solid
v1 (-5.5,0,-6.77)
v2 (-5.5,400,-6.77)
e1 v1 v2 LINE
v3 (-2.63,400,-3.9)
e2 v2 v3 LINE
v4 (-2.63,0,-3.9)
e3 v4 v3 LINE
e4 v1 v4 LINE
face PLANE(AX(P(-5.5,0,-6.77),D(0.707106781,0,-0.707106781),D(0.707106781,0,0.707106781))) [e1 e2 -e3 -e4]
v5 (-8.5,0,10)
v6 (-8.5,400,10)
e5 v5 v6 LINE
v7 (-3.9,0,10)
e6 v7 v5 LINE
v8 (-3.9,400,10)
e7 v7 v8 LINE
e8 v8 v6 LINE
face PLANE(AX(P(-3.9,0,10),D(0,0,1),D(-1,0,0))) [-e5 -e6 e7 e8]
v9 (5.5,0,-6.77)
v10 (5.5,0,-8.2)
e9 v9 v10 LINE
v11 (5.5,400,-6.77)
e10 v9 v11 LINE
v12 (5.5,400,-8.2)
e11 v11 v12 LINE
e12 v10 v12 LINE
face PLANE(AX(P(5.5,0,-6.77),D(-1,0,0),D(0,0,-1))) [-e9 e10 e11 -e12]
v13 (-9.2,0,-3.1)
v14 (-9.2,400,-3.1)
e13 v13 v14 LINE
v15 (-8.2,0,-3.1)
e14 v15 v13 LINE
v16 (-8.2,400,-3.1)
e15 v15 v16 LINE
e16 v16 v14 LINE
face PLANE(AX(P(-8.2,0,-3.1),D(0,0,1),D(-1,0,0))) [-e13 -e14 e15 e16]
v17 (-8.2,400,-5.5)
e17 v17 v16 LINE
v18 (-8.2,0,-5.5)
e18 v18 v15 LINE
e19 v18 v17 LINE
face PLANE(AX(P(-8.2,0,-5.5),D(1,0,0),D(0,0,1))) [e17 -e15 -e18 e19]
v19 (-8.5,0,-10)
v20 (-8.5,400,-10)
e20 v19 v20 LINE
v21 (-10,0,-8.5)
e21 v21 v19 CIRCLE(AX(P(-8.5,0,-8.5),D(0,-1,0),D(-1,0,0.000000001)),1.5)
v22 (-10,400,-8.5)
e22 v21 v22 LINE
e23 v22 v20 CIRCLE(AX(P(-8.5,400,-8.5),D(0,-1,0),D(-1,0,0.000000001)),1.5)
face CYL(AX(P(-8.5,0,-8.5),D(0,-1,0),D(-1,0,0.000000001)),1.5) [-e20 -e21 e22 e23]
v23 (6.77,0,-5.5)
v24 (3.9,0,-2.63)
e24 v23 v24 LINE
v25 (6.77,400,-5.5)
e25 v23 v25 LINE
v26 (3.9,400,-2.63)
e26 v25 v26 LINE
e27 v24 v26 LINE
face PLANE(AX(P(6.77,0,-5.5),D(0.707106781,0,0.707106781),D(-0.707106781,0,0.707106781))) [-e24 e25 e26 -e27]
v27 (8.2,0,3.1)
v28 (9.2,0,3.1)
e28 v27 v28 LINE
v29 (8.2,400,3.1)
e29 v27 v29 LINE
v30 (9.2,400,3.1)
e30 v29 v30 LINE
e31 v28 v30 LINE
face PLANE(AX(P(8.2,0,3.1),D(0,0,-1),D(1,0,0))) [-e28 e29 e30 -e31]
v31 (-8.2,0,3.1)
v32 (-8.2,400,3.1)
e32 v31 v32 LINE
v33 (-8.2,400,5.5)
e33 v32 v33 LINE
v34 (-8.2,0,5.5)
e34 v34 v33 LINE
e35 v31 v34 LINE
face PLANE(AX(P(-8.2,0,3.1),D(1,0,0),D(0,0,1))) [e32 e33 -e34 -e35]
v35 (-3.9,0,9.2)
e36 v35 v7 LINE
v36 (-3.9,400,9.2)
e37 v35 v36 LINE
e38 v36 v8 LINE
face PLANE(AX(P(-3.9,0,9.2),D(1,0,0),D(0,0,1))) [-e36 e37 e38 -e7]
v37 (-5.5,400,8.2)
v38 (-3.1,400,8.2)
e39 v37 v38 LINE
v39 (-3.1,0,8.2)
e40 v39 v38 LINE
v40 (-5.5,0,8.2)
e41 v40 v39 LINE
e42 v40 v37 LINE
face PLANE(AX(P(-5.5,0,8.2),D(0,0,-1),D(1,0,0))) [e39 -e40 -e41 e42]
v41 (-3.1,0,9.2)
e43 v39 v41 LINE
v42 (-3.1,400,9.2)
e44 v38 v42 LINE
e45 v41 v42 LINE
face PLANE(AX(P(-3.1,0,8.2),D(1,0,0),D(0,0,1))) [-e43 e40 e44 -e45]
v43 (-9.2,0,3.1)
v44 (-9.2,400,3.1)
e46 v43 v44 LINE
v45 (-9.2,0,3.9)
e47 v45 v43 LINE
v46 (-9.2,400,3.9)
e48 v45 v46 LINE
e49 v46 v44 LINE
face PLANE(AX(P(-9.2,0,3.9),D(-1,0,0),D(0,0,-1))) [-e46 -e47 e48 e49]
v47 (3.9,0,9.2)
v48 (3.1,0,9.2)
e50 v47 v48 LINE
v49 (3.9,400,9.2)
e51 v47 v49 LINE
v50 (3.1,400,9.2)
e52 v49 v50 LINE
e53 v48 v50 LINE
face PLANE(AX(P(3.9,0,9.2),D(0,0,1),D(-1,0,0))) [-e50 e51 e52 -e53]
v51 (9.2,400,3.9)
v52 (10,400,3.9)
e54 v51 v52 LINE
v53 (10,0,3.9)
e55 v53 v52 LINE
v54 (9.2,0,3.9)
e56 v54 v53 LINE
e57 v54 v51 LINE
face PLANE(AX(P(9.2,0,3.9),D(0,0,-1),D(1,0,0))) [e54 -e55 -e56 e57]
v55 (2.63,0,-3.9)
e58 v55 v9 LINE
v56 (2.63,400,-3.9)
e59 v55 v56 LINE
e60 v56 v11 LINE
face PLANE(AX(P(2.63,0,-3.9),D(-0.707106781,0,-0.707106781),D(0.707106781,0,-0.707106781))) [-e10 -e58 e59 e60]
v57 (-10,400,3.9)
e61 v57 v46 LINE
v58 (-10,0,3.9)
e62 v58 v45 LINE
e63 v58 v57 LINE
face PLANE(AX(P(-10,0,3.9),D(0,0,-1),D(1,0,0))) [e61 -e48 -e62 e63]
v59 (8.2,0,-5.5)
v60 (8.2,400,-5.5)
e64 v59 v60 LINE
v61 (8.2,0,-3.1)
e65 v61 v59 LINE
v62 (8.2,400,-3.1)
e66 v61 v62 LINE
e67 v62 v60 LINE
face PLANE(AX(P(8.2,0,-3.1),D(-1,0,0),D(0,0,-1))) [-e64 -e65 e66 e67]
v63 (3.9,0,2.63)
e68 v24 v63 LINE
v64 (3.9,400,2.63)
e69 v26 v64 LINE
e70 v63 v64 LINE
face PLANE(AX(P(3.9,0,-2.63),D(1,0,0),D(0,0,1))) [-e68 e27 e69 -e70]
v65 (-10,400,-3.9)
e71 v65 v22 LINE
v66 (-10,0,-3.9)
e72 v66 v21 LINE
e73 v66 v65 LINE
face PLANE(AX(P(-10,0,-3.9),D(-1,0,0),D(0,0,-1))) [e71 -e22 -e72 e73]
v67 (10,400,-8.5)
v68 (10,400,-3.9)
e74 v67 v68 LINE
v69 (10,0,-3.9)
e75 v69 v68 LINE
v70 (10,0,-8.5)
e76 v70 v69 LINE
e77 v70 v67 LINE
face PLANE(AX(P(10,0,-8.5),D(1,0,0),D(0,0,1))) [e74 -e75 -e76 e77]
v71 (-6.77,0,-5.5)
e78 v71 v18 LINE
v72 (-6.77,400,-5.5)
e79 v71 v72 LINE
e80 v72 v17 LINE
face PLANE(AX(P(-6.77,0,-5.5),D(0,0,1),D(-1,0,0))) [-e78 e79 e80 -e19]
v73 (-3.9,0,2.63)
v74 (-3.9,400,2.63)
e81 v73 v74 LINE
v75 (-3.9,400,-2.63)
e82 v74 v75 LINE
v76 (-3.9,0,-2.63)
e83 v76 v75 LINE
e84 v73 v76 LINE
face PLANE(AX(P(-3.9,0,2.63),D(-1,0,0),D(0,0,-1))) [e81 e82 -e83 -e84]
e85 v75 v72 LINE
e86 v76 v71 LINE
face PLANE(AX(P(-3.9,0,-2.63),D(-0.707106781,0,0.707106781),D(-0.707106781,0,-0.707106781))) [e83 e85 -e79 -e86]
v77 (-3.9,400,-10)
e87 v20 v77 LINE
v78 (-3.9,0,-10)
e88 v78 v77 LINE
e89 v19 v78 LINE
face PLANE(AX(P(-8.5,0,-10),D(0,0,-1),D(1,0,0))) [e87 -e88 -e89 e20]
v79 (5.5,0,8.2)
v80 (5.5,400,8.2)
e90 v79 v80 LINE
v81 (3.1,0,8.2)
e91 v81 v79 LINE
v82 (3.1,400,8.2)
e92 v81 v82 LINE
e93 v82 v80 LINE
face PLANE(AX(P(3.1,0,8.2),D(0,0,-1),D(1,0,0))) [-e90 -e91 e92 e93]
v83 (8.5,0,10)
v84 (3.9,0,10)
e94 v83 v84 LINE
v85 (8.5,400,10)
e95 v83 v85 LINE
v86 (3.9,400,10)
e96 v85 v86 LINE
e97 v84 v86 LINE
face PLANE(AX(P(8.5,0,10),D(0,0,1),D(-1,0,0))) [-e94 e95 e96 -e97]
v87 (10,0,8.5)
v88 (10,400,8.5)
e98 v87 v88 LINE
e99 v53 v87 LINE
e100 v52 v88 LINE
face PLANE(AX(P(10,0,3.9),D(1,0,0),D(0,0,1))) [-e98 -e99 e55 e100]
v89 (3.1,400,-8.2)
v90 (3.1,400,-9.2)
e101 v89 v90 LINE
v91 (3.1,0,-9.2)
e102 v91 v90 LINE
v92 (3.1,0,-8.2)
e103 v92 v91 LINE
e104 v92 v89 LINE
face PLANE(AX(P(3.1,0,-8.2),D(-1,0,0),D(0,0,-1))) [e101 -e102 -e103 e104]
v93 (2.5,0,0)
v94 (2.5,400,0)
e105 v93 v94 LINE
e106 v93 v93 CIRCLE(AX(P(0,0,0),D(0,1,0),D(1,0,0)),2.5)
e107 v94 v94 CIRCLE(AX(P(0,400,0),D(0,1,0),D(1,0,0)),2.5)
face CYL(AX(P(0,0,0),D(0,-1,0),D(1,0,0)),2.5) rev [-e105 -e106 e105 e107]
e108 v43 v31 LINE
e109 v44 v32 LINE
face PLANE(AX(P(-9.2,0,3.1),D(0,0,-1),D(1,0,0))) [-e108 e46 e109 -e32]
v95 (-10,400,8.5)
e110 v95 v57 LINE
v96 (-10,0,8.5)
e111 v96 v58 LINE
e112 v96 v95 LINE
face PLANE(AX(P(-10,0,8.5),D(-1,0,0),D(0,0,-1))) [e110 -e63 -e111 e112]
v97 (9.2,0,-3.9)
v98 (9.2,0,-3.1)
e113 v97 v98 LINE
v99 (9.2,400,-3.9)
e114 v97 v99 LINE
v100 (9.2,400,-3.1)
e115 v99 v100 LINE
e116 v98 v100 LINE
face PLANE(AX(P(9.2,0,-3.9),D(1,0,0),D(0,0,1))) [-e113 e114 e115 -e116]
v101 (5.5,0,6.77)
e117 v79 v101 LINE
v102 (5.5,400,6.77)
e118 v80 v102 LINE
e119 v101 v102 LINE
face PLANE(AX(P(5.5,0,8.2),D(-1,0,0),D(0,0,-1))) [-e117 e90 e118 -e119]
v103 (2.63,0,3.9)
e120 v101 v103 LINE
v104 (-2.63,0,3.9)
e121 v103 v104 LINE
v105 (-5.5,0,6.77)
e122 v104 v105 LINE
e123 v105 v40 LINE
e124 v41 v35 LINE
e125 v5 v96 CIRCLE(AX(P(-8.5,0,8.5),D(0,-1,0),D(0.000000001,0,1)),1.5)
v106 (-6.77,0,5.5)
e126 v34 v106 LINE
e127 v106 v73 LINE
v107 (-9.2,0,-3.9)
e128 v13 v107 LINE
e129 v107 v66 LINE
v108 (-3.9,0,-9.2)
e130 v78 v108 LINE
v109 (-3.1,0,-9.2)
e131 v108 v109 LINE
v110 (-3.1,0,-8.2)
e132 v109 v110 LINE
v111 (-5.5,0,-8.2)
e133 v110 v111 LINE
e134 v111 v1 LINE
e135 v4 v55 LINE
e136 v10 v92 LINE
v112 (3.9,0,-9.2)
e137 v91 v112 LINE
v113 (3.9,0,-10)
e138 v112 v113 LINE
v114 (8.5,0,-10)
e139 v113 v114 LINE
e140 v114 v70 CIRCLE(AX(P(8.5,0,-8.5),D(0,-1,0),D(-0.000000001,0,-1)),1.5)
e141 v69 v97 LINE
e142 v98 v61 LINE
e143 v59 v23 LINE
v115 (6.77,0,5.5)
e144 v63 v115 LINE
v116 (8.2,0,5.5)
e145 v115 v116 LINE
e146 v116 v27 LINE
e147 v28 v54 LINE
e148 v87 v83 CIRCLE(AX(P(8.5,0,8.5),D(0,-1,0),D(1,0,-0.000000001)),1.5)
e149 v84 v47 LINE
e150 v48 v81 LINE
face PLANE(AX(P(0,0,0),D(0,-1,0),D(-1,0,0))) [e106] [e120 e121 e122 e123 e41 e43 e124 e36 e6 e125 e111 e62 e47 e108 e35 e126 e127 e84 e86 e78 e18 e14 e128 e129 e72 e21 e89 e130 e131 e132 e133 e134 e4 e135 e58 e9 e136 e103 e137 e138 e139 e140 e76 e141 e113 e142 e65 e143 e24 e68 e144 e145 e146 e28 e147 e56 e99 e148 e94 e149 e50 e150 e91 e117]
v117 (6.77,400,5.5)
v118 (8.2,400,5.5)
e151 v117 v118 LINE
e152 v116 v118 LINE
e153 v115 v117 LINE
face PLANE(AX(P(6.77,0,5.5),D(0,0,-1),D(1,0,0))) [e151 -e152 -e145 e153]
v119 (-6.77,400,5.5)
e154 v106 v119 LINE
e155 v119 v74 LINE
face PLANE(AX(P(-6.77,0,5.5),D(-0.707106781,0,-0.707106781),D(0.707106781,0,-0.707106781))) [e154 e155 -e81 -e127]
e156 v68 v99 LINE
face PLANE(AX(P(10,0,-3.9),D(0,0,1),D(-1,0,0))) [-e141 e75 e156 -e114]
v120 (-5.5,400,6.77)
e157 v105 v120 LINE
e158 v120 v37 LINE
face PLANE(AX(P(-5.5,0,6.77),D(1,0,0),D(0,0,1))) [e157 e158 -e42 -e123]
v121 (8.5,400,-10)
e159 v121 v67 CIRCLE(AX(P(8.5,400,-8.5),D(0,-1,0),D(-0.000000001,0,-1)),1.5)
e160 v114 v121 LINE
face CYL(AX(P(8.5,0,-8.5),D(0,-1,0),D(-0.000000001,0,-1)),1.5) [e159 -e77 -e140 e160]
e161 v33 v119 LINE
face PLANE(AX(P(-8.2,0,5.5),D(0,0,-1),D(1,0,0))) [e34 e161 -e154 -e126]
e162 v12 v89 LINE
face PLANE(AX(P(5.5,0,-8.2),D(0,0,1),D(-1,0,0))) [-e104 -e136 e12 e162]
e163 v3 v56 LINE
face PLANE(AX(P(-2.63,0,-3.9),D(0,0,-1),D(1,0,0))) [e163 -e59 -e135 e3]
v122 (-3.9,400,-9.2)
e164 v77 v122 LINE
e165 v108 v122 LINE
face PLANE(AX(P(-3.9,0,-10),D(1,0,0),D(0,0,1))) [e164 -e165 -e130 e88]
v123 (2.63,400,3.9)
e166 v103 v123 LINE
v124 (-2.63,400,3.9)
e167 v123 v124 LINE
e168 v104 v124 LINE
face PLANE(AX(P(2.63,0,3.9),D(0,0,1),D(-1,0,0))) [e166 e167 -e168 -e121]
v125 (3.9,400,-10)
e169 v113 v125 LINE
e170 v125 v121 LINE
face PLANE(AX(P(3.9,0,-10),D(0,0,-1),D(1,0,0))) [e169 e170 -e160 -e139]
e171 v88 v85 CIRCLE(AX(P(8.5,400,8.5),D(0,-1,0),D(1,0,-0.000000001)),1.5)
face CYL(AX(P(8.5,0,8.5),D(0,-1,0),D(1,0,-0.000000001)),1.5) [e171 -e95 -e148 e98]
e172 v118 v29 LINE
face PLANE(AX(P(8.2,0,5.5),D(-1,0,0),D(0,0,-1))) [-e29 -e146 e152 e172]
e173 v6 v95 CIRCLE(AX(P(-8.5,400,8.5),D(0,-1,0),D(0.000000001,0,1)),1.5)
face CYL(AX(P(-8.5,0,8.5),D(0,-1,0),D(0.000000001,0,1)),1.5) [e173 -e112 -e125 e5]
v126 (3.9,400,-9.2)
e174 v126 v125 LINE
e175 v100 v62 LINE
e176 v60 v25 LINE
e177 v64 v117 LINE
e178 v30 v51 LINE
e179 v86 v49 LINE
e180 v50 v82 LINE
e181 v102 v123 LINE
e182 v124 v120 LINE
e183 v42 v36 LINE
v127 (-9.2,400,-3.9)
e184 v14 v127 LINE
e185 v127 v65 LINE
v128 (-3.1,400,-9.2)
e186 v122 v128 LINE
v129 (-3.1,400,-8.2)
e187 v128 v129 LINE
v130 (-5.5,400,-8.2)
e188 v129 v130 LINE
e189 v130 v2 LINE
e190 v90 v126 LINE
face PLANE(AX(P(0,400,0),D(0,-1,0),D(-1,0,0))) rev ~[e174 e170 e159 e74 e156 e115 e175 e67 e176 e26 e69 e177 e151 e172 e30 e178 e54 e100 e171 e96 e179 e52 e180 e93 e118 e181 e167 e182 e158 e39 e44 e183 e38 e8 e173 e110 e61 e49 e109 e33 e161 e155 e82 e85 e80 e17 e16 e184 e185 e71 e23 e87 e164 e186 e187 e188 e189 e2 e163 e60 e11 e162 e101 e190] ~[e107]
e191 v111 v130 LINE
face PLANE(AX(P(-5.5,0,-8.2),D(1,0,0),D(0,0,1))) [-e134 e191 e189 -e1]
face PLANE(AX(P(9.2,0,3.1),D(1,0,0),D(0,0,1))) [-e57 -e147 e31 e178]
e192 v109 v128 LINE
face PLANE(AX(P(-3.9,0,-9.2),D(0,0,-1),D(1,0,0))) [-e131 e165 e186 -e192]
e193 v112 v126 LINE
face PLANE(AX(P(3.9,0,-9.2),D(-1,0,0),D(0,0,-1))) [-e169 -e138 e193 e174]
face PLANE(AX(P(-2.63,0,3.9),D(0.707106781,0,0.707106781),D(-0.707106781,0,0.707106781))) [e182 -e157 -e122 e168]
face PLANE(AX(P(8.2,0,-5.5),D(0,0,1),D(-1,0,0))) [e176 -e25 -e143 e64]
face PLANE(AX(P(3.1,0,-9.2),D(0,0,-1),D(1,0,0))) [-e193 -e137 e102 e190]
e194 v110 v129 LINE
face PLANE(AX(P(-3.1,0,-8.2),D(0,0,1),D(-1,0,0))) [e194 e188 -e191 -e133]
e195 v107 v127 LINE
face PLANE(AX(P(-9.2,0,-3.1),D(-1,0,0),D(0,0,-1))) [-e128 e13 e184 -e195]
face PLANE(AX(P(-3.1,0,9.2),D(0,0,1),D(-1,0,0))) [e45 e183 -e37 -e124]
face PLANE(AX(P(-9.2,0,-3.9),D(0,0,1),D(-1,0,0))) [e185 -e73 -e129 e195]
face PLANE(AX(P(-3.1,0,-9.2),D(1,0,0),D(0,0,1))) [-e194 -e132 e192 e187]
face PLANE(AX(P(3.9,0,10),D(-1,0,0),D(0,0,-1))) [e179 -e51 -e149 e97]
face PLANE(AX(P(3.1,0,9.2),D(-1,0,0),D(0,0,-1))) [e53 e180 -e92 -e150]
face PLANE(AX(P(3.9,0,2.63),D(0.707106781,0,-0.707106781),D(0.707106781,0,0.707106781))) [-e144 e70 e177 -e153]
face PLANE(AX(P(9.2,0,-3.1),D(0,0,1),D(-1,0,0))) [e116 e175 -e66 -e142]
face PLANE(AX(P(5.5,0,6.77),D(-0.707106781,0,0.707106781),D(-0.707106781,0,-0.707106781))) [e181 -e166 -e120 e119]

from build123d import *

# Parameters (mm, degrees)
SKETCH1_R           = 2.5
BOSS_EXTRUDE1_DEPTH = 400


with BuildPart() as part:
    # Sketch1 → Boss-Extrude1 (new body)
    with BuildSketch(Plane(origin=(0, 0, 0), x_dir=(1, 0, 0), z_dir=(0, 1, 0))):
        with BuildLine():
            Line((3.9, 10), (8.5, 10))
            ThreePointArc((8.5, 10), (9.560660172, 9.560660172), (10, 8.5))
            Line((10, 8.5), (10, 3.9))
            Line((10, 3.9), (9.2, 3.9))
            Line((9.2, 3.9), (9.2, 3.1))
            Line((9.2, 3.1), (8.2, 3.1))
            Line((8.2, 3.1), (8.2, 5.5))
            Line((8.2, 5.5), (6.77, 5.5))
            Line((6.77, 5.5), (3.9, 2.63))
            Line((3.9, 2.63), (3.9, 0))
            Line((3.9, 0), (3.9, -2.63))
            Line((3.9, -2.63), (6.77, -5.5))
            Line((6.77, -5.5), (8.2, -5.5))
            Line((8.2, -5.5), (8.2, -3.1))
            Line((8.2, -3.1), (9.2, -3.1))
            Line((9.2, -3.1), (9.2, -3.9))
            Line((9.2, -3.9), (10, -3.9))
            Line((10, -3.9), (10, -8.5))
            ThreePointArc((10, -8.5), (9.560660172, -9.560660172), (8.5, -10))
            Line((8.5, -10), (3.9, -10))
            Line((3.9, -10), (3.9, -9.2))
            Line((3.9, -9.2), (3.1, -9.2))
            Line((3.1, -9.2), (3.1, -8.2))
            Line((3.1, -8.2), (5.5, -8.2))
            Line((5.5, -8.2), (5.5, -6.77))
            Line((5.5, -6.77), (2.63, -3.9))
            Line((2.63, -3.9), (0, -3.9))
            Line((0, -3.9), (-2.63, -3.9))
            Line((-2.63, -3.9), (-5.5, -6.77))
            Line((-5.5, -6.77), (-5.5, -8.2))
            Line((-5.5, -8.2), (-3.1, -8.2))
            Line((-3.1, -8.2), (-3.1, -9.2))
            Line((-3.1, -9.2), (-3.9, -9.2))
            Line((-3.9, -9.2), (-3.9, -10))
            Line((-3.9, -10), (-8.5, -10))
            ThreePointArc((-8.5, -10), (-9.560660172, -9.560660172), (-10, -8.5))
            Line((-10, -8.5), (-10, -3.9))
            Line((-10, -3.9), (-9.2, -3.9))
            Line((-9.2, -3.9), (-9.2, -3.1))
            Line((-9.2, -3.1), (-8.2, -3.1))
            Line((-8.2, -3.1), (-8.2, -5.5))
            Line((-8.2, -5.5), (-6.77, -5.5))
            Line((-6.77, -5.5), (-3.9, -2.63))
            Line((-3.9, -2.63), (-3.9, 0))
            Line((-3.9, 0), (-3.9, 2.63))
            Line((-3.9, 2.63), (-6.77, 5.5))
            Line((-6.77, 5.5), (-8.2, 5.5))
            Line((-8.2, 5.5), (-8.2, 3.1))
            Line((-8.2, 3.1), (-9.2, 3.1))
            Line((-9.2, 3.1), (-9.2, 3.9))
            Line((-9.2, 3.9), (-10, 3.9))
            Line((-10, 3.9), (-10, 8.5))
            ThreePointArc((-10, 8.5), (-9.560660172, 9.560660172), (-8.5, 10))
            Line((-8.5, 10), (-3.9, 10))
            Line((-3.9, 10), (-3.9, 9.2))
            Line((-3.9, 9.2), (-3.1, 9.2))
            Line((-3.1, 9.2), (-3.1, 8.2))
            Line((-3.1, 8.2), (-5.5, 8.2))
            Line((-5.5, 8.2), (-5.5, 6.77))
            Line((-5.5, 6.77), (-2.63, 3.9))
            Line((-2.63, 3.9), (2.63, 3.9))
            Line((2.63, 3.9), (5.5, 6.77))
            Line((5.5, 6.77), (5.5, 8.2))
            Line((5.5, 8.2), (3.1, 8.2))
            Line((3.1, 8.2), (3.1, 9.2))
            Line((3.1, 9.2), (3.9, 9.2))
            Line((3.9, 9.2), (3.9, 10))
        make_face()
        Circle(SKETCH1_R, mode=Mode.SUBTRACT)
    extrude(amount=BOSS_EXTRUDE1_DEPTH)


solid = part.part
